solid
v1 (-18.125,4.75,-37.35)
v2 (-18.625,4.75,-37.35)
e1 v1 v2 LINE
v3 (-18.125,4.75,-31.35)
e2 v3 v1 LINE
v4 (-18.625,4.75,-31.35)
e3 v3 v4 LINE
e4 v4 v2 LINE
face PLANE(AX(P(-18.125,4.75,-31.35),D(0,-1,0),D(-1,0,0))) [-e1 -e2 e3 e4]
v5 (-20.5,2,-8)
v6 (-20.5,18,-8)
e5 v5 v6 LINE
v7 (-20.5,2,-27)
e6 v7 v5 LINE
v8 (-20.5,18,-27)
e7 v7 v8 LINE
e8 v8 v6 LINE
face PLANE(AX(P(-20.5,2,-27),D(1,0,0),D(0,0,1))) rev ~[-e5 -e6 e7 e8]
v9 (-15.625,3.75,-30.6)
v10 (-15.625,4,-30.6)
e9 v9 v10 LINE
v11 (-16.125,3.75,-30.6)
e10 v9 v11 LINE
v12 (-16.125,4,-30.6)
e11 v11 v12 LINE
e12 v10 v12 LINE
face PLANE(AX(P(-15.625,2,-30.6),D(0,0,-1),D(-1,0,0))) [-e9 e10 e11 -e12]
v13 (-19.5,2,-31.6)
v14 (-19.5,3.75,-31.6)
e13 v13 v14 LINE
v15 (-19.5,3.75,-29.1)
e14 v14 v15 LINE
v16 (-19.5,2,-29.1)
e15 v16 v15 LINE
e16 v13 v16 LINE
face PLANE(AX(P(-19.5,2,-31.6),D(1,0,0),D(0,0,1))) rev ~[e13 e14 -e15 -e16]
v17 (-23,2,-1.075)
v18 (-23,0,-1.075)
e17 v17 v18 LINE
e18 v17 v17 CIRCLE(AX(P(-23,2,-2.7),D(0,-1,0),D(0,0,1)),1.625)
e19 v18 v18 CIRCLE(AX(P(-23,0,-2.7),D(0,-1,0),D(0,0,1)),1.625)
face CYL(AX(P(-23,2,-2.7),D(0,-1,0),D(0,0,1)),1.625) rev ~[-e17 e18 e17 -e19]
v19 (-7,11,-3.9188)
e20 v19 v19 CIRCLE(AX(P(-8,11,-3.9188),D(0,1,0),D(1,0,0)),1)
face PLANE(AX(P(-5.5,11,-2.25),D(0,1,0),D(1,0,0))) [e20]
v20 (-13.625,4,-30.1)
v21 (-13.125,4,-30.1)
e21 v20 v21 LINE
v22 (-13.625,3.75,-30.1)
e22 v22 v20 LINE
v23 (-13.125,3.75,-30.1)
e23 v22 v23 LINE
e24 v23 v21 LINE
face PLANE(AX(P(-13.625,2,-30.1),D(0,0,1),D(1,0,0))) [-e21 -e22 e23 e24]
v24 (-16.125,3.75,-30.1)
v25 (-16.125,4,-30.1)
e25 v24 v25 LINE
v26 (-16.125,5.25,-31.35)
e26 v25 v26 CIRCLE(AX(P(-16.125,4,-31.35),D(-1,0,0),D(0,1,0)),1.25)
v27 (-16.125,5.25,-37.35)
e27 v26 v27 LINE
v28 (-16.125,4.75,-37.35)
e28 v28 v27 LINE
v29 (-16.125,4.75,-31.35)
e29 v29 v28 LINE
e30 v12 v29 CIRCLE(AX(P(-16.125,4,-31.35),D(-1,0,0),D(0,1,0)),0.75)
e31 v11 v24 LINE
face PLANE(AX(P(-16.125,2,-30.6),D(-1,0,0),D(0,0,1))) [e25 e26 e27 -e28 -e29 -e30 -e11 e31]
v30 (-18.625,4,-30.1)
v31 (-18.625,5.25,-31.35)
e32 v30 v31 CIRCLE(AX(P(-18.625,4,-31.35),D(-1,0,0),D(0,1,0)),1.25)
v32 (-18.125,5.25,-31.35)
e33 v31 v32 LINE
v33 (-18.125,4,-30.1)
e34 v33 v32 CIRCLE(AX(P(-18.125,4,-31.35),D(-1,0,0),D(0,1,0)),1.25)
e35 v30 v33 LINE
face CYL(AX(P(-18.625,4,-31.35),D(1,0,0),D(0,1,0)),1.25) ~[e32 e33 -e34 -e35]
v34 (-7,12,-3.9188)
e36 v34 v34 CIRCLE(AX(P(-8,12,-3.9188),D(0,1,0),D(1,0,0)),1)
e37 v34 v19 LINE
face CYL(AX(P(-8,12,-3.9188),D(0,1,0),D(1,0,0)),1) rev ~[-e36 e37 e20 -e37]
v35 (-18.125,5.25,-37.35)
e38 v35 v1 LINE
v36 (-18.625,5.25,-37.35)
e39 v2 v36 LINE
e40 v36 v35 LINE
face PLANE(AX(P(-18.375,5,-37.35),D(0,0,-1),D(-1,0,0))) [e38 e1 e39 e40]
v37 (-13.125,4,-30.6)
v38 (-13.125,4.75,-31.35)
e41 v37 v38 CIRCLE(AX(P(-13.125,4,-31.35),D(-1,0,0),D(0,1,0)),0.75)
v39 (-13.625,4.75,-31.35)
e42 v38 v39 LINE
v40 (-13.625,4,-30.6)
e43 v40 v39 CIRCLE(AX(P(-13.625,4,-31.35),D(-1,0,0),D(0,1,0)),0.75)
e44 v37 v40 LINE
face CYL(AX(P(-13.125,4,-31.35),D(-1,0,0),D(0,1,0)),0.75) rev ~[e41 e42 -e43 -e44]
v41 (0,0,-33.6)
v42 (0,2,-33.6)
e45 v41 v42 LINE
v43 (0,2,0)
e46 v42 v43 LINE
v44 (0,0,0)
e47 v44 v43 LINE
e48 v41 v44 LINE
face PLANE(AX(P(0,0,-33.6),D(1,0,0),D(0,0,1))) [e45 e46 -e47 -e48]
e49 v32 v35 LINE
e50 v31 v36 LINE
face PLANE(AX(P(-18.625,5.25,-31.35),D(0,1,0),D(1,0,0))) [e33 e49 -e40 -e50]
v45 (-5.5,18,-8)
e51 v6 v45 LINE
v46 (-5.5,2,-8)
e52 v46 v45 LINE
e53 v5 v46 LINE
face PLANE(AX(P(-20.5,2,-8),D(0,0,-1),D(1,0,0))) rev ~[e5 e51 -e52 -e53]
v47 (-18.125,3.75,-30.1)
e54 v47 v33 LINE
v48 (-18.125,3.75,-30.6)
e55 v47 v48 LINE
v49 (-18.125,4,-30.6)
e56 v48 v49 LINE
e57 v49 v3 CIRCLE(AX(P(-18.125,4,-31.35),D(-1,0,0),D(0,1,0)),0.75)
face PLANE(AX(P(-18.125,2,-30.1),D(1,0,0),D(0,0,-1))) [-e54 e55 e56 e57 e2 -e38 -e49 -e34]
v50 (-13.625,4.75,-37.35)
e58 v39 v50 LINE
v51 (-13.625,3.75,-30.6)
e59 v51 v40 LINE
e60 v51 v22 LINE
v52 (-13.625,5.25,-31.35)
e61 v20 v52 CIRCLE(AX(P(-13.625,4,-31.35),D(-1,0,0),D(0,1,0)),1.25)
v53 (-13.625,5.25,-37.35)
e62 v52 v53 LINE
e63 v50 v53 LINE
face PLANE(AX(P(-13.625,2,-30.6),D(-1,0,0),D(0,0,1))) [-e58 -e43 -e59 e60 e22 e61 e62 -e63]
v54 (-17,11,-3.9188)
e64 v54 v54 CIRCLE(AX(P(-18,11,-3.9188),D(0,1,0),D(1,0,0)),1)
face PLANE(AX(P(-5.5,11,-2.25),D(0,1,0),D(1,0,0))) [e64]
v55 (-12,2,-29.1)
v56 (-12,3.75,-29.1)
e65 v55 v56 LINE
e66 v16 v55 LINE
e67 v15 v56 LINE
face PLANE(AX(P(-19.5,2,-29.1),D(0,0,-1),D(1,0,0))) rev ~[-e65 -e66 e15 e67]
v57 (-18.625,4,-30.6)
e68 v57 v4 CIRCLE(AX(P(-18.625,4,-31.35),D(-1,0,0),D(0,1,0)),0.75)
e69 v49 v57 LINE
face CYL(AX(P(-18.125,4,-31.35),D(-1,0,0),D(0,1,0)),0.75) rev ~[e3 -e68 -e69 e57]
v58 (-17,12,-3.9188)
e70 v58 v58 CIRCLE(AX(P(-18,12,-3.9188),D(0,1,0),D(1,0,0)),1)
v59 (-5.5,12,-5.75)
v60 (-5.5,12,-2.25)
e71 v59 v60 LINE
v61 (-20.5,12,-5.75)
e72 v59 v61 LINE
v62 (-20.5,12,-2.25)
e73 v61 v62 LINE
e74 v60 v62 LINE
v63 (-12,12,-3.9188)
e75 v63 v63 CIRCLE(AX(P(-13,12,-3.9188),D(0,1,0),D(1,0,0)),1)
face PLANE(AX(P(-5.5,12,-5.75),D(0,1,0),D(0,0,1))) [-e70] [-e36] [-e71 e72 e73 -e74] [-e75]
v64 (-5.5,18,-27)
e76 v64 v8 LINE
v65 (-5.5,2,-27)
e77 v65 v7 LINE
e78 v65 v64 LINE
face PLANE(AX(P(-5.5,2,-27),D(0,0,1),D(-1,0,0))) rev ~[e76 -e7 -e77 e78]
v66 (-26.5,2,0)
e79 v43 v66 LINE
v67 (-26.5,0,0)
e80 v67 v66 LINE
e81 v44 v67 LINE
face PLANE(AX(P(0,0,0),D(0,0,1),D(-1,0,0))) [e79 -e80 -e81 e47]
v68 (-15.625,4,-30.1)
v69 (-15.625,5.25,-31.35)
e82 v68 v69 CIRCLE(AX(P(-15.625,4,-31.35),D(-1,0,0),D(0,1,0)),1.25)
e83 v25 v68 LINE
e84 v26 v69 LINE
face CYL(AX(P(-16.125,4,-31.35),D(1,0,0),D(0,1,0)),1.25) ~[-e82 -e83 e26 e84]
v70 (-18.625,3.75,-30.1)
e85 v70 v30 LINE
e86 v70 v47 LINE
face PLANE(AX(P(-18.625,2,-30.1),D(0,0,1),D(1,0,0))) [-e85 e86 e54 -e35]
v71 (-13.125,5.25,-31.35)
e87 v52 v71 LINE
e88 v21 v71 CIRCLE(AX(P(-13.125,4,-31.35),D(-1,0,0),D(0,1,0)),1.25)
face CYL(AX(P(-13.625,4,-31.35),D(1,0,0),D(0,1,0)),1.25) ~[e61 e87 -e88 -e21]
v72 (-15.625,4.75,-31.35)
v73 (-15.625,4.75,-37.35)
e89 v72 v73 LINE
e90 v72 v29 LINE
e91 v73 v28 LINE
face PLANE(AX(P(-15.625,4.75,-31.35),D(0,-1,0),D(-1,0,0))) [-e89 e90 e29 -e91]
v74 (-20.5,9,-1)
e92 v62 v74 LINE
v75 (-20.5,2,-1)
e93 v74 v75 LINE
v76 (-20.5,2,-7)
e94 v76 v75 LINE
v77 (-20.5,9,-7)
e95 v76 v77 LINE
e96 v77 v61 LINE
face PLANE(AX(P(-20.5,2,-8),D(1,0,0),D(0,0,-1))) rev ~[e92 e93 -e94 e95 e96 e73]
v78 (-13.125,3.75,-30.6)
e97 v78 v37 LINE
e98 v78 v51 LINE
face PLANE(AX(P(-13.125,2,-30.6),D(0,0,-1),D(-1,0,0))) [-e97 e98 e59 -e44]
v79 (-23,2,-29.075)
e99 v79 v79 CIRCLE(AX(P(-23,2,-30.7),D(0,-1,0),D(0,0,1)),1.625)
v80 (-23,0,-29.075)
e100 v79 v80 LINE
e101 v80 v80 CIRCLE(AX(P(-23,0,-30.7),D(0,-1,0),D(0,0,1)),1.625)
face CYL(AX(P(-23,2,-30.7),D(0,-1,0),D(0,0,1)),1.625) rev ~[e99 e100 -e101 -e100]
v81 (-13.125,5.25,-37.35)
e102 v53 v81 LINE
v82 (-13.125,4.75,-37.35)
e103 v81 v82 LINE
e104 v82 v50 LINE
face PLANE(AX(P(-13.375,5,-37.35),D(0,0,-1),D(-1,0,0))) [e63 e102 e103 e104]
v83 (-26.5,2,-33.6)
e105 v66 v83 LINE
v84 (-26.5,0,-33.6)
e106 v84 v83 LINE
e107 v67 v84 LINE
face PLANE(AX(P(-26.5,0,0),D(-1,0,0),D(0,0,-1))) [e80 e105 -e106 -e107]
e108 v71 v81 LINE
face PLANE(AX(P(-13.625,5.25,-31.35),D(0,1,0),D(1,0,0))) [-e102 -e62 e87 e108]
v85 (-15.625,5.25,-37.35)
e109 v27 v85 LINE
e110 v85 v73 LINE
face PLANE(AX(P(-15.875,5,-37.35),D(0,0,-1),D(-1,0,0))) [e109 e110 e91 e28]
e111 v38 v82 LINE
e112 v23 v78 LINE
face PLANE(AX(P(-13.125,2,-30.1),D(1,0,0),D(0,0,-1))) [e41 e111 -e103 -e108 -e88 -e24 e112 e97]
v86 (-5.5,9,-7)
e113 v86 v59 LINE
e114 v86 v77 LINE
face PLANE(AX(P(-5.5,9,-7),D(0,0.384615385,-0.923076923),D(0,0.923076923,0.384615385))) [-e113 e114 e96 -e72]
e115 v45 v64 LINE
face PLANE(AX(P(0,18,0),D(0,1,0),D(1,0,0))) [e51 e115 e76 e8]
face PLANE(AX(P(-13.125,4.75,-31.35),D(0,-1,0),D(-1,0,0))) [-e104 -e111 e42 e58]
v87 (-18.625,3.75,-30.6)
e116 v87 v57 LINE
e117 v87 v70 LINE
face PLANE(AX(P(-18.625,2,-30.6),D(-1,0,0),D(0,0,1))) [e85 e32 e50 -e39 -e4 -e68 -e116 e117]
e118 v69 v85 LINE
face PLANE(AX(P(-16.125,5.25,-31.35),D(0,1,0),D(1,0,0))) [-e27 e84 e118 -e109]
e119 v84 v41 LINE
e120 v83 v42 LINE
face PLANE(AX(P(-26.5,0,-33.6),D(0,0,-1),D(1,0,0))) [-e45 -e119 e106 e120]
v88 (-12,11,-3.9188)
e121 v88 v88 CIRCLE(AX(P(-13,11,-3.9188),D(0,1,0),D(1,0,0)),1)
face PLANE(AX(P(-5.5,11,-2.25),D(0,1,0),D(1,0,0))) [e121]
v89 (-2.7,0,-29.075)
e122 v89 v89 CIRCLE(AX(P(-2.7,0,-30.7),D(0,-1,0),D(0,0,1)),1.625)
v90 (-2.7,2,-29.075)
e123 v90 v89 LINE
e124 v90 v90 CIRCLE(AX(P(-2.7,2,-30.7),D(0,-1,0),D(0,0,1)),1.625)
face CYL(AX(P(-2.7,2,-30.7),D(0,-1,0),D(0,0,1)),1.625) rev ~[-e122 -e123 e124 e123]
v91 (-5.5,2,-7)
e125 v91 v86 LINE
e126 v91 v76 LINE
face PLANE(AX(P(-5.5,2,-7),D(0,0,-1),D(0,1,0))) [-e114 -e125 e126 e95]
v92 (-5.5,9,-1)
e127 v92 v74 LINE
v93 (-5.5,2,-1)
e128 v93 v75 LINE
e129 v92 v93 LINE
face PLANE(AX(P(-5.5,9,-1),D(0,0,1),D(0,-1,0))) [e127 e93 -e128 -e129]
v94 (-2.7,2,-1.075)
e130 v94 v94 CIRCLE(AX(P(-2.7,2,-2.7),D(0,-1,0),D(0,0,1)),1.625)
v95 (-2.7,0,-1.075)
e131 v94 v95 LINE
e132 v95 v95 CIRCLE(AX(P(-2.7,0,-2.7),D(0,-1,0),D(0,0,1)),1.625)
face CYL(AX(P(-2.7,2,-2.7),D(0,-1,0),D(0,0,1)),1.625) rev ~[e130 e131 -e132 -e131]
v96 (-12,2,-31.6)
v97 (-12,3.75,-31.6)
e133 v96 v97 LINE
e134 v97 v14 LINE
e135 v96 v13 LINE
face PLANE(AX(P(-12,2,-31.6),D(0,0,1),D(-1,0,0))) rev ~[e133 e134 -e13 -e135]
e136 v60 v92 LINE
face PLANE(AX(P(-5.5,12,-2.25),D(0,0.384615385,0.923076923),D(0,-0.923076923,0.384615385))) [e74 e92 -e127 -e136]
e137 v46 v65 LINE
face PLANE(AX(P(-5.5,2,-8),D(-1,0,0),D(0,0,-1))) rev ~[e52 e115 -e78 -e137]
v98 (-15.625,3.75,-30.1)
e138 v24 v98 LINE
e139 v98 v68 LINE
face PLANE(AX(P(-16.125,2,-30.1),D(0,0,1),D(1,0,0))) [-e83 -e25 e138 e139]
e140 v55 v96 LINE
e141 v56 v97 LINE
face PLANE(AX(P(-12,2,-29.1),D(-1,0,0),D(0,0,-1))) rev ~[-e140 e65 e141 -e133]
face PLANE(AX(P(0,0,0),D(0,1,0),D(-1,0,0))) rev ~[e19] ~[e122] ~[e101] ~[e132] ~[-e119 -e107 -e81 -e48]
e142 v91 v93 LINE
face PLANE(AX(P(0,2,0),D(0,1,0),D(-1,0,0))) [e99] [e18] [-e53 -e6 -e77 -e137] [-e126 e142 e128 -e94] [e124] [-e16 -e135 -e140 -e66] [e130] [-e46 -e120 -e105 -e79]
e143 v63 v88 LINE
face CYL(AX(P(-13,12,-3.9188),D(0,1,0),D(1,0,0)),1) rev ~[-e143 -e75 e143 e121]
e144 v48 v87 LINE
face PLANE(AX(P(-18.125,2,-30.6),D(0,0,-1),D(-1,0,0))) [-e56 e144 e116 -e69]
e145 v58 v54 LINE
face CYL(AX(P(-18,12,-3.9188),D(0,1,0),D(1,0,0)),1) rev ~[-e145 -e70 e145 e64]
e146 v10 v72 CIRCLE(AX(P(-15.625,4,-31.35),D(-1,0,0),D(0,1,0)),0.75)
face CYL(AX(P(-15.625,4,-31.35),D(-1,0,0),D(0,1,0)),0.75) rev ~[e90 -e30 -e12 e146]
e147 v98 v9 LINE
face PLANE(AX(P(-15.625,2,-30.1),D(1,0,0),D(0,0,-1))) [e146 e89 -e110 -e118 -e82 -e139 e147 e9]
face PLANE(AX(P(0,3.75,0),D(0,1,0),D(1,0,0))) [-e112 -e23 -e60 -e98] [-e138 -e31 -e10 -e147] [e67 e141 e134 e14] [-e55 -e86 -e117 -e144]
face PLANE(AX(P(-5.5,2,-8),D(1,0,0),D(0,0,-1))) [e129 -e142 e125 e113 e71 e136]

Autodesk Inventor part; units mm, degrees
ref_plane "YZ Plane" through (0, 0, 0) normal (1, 0, 0) x (0, 1, 0)
ref_plane "XZ Plane" through (0, 0, 0) normal (0, 1, 0) x (-1, 0, 0)
ref_plane "XY Plane" through (0, 0, 0) normal (0, 0, 1) x (1, 0, 0)
sketch "Sketch1" plane through (0, 0, 0) normal (0, 1, 0) x (-1, 0, 0)
  line L0 (0, 0) -> (26.5, 0)
  line L1 (26.5, 0) -> (26.5, -33.6)
  line L2 (26.5, -33.6) -> (0, -33.6)
  line L3 (0, -33.6) -> (0, 0)
  dimension "d0" = 33.6
  dimension "d1" = 26.5
extrude "Extrusion1" add sketch "Sketch1" along normal blind 2
sketch "Sketch2" plane through (0, 2, 0) normal (0, 1, 0) x (1, 0, 0)
  line L0 (-20.5, 8) -> (-5.5, 8)
  line L1 (-5.5, 8) -> (-5.5, 27)
  line L2 (-5.5, 27) -> (-20.5, 27)
  line L3 (-20.5, 27) -> (-20.5, 8)
  line L4 (-26.5, 0) -> (0, 0) construction
  line L5 (0, 0) -> (0, 33.6) construction
  line L6 (0, 33.6) -> (-26.5, 33.6) construction
  line L7 (-26.5, 33.6) -> (-26.5, 0) construction
  line L8 (-20.5, 8) -> (-26.5, 8) construction
  line L9 (-26.5, 33.6) -> (-26.5, 0) construction
  line L10 (-5.5, 8) -> (0, 8) construction
  dimension "d4" = 15
  dimension "d5" = 19
  dimension "d6" = 8
  dimension "d36" = 5.5
extrude "Extrusion2" add sketch "Sketch2" along normal blind 16
sketch "Sketch3" plane through (0, 2, 0) normal (0, 1, 0) x (1, 0, 0)
  line L0 (-12, 31.6) -> (-19.5, 31.6)
  line L1 (-19.5, 31.6) -> (-19.5, 29.1)
  line L2 (-19.5, 29.1) -> (-12, 29.1)
  line L3 (-12, 29.1) -> (-12, 31.6)
  line L4 (-19.5, 29.1) -> (-26.5, 29.1) construction
  line L5 (-26.5, 33.6) -> (-26.5, 0) construction
  line L6 (-12, 29.1) -> (-5, 29.1) construction
  line L7 (0, 33.6) -> (-26.5, 33.6) construction
  line L8 (-13.625, 30.1) -> (-13.125, 30.1)
  line L9 (-13.125, 30.1) -> (-13.125, 30.6)
  line L10 (-13.125, 30.6) -> (-13.625, 30.6)
  line L11 (-13.625, 30.6) -> (-13.625, 30.1)
  line L12 (-16.125, 30.1) -> (-15.625, 30.1)
  line L13 (-15.625, 30.1) -> (-15.625, 30.6)
  line L14 (-15.625, 30.6) -> (-16.125, 30.6)
  line L15 (-16.125, 30.6) -> (-16.125, 30.1)
  line L16 (-18.625, 30.1) -> (-18.125, 30.1)
  line L17 (-18.125, 30.1) -> (-18.125, 30.6)
  line L18 (-18.125, 30.6) -> (-18.625, 30.6)
  line L19 (-18.625, 30.6) -> (-18.625, 30.1)
  line L20 (-13.125, 30.1) -> (-13.125, 29.1) construction
  line L21 (-13.125, 30.6) -> (-13.125, 31.6) construction
  point P0 (0, 0)
  dimension "d9" = 2
  dimension "d10" = 2.5
  dimension "d11" = 7.5
  dimension "d12" = 0.5
  dimension "d13" = 0.5
  dimension "d16" = 2.5
  dimension "d21" = 1.125
  dimension "d39" = 7
extrude "Extrusion3" add sketch "Sketch3" along normal blind 1.75
sketch "Sketch4" plane through (-5.5, 2, -8) normal (1, 0, 0) x (0, 0, -1)
  line L0 (-8, 0) -> (25.6, 0) construction
  line L1 (0, 0) -> (0, 16) construction
  line L2 (-1, 0) -> (-1, 7)
  line L3 (-1, 7) -> (-2.25, 10)
  line L4 (-2.25, 10) -> (-5.75, 10)
  line L5 (-5.75, 10) -> (-7, 7)
  line L6 (-7, 7) -> (-7, 0)
  line L7 (25.6, 0) -> (-8, 0) projected
  line L8 (-7, 0) -> (-1, 0)
  line L9 (-8, -2) -> (-8, 0) projected
  dimension "d26" = 6
  dimension "d27" = 10
  dimension "d28" = 3
  dimension "d37" = 1
  dimension "d38" = 3.5
extrude "Extrusion5" add sketch "Sketch4" against normal up to surface (15 mm away)
sketch "Sketch5" plane through (-5.5, 12, -2.25) normal (0, 1, 0) x (1, 0, 0)
  line L0 (0, 0) -> (-15, 0) construction
  circle A0 centre (-2.5, 1.6688) radius 1
  circle A1 centre (-7.5, 1.6688) radius 1
  circle A2 centre (-12.5, 1.6688) radius 1
  line L1 (-12.5, 1.6688) -> (-15, 1.6688) construction
  line L2 (-2.5, 1.6688) -> (0, 1.6688) construction
  line L3 (-15, 3.5) -> (-15, 0) construction
  line L4 (0, 3.5) -> (0, 0) construction
  point P0 (5.5, -2.25)
  dimension "d31" = 2
  dimension "d32" = 5
  dimension "d33" = 5
extrude "Extrusion6" cut sketch "Sketch5" against normal blind 1
sketch "Sketch6" plane through (-12, 2, -29.1) normal (1, 0, 0) x (0, 0, -1)
  line L0 (-29.1, 0) -> (4.5, 0) construction
  line L1 (2.5, 0) -> (2.5, 1.75) construction
  line L2 (0, 0) -> (0, 1.75) construction
  line L3 (1, 0) -> (1.5, 0) projected
  line L4 (1.25, 0) -> (1.25, 2)
  arc A0 (2.25, 3) -> (1.25, 2) centre (2.25, 2) ccw
  line L5 (2.25, 3) -> (8.25, 3)
  point P0 (-29.1, -2)
  dimension "d40" = 2
  dimension "d41" = 6
  dimension "d42" = 1
sweep "Sweep1" add profiles "Sketch3" path "Sketch6" path curves L4 A0 L5 contours L11 L10 L9 L8 | L15 L14 L13 L12 | L19 L18 L17 L16
hole "Hole1" at (-2.7, 2, -2.7) direction (0, -1, 0) diameter 3.25 end through all
pattern_linear "Rectangular Pattern1" count 2 spacing 20.3 along (-1, 0, 0) count 2 spacing 28 along (0, 0, -1) of "Hole1"
properties part number "RelayModule" material "ABS Plastic"
